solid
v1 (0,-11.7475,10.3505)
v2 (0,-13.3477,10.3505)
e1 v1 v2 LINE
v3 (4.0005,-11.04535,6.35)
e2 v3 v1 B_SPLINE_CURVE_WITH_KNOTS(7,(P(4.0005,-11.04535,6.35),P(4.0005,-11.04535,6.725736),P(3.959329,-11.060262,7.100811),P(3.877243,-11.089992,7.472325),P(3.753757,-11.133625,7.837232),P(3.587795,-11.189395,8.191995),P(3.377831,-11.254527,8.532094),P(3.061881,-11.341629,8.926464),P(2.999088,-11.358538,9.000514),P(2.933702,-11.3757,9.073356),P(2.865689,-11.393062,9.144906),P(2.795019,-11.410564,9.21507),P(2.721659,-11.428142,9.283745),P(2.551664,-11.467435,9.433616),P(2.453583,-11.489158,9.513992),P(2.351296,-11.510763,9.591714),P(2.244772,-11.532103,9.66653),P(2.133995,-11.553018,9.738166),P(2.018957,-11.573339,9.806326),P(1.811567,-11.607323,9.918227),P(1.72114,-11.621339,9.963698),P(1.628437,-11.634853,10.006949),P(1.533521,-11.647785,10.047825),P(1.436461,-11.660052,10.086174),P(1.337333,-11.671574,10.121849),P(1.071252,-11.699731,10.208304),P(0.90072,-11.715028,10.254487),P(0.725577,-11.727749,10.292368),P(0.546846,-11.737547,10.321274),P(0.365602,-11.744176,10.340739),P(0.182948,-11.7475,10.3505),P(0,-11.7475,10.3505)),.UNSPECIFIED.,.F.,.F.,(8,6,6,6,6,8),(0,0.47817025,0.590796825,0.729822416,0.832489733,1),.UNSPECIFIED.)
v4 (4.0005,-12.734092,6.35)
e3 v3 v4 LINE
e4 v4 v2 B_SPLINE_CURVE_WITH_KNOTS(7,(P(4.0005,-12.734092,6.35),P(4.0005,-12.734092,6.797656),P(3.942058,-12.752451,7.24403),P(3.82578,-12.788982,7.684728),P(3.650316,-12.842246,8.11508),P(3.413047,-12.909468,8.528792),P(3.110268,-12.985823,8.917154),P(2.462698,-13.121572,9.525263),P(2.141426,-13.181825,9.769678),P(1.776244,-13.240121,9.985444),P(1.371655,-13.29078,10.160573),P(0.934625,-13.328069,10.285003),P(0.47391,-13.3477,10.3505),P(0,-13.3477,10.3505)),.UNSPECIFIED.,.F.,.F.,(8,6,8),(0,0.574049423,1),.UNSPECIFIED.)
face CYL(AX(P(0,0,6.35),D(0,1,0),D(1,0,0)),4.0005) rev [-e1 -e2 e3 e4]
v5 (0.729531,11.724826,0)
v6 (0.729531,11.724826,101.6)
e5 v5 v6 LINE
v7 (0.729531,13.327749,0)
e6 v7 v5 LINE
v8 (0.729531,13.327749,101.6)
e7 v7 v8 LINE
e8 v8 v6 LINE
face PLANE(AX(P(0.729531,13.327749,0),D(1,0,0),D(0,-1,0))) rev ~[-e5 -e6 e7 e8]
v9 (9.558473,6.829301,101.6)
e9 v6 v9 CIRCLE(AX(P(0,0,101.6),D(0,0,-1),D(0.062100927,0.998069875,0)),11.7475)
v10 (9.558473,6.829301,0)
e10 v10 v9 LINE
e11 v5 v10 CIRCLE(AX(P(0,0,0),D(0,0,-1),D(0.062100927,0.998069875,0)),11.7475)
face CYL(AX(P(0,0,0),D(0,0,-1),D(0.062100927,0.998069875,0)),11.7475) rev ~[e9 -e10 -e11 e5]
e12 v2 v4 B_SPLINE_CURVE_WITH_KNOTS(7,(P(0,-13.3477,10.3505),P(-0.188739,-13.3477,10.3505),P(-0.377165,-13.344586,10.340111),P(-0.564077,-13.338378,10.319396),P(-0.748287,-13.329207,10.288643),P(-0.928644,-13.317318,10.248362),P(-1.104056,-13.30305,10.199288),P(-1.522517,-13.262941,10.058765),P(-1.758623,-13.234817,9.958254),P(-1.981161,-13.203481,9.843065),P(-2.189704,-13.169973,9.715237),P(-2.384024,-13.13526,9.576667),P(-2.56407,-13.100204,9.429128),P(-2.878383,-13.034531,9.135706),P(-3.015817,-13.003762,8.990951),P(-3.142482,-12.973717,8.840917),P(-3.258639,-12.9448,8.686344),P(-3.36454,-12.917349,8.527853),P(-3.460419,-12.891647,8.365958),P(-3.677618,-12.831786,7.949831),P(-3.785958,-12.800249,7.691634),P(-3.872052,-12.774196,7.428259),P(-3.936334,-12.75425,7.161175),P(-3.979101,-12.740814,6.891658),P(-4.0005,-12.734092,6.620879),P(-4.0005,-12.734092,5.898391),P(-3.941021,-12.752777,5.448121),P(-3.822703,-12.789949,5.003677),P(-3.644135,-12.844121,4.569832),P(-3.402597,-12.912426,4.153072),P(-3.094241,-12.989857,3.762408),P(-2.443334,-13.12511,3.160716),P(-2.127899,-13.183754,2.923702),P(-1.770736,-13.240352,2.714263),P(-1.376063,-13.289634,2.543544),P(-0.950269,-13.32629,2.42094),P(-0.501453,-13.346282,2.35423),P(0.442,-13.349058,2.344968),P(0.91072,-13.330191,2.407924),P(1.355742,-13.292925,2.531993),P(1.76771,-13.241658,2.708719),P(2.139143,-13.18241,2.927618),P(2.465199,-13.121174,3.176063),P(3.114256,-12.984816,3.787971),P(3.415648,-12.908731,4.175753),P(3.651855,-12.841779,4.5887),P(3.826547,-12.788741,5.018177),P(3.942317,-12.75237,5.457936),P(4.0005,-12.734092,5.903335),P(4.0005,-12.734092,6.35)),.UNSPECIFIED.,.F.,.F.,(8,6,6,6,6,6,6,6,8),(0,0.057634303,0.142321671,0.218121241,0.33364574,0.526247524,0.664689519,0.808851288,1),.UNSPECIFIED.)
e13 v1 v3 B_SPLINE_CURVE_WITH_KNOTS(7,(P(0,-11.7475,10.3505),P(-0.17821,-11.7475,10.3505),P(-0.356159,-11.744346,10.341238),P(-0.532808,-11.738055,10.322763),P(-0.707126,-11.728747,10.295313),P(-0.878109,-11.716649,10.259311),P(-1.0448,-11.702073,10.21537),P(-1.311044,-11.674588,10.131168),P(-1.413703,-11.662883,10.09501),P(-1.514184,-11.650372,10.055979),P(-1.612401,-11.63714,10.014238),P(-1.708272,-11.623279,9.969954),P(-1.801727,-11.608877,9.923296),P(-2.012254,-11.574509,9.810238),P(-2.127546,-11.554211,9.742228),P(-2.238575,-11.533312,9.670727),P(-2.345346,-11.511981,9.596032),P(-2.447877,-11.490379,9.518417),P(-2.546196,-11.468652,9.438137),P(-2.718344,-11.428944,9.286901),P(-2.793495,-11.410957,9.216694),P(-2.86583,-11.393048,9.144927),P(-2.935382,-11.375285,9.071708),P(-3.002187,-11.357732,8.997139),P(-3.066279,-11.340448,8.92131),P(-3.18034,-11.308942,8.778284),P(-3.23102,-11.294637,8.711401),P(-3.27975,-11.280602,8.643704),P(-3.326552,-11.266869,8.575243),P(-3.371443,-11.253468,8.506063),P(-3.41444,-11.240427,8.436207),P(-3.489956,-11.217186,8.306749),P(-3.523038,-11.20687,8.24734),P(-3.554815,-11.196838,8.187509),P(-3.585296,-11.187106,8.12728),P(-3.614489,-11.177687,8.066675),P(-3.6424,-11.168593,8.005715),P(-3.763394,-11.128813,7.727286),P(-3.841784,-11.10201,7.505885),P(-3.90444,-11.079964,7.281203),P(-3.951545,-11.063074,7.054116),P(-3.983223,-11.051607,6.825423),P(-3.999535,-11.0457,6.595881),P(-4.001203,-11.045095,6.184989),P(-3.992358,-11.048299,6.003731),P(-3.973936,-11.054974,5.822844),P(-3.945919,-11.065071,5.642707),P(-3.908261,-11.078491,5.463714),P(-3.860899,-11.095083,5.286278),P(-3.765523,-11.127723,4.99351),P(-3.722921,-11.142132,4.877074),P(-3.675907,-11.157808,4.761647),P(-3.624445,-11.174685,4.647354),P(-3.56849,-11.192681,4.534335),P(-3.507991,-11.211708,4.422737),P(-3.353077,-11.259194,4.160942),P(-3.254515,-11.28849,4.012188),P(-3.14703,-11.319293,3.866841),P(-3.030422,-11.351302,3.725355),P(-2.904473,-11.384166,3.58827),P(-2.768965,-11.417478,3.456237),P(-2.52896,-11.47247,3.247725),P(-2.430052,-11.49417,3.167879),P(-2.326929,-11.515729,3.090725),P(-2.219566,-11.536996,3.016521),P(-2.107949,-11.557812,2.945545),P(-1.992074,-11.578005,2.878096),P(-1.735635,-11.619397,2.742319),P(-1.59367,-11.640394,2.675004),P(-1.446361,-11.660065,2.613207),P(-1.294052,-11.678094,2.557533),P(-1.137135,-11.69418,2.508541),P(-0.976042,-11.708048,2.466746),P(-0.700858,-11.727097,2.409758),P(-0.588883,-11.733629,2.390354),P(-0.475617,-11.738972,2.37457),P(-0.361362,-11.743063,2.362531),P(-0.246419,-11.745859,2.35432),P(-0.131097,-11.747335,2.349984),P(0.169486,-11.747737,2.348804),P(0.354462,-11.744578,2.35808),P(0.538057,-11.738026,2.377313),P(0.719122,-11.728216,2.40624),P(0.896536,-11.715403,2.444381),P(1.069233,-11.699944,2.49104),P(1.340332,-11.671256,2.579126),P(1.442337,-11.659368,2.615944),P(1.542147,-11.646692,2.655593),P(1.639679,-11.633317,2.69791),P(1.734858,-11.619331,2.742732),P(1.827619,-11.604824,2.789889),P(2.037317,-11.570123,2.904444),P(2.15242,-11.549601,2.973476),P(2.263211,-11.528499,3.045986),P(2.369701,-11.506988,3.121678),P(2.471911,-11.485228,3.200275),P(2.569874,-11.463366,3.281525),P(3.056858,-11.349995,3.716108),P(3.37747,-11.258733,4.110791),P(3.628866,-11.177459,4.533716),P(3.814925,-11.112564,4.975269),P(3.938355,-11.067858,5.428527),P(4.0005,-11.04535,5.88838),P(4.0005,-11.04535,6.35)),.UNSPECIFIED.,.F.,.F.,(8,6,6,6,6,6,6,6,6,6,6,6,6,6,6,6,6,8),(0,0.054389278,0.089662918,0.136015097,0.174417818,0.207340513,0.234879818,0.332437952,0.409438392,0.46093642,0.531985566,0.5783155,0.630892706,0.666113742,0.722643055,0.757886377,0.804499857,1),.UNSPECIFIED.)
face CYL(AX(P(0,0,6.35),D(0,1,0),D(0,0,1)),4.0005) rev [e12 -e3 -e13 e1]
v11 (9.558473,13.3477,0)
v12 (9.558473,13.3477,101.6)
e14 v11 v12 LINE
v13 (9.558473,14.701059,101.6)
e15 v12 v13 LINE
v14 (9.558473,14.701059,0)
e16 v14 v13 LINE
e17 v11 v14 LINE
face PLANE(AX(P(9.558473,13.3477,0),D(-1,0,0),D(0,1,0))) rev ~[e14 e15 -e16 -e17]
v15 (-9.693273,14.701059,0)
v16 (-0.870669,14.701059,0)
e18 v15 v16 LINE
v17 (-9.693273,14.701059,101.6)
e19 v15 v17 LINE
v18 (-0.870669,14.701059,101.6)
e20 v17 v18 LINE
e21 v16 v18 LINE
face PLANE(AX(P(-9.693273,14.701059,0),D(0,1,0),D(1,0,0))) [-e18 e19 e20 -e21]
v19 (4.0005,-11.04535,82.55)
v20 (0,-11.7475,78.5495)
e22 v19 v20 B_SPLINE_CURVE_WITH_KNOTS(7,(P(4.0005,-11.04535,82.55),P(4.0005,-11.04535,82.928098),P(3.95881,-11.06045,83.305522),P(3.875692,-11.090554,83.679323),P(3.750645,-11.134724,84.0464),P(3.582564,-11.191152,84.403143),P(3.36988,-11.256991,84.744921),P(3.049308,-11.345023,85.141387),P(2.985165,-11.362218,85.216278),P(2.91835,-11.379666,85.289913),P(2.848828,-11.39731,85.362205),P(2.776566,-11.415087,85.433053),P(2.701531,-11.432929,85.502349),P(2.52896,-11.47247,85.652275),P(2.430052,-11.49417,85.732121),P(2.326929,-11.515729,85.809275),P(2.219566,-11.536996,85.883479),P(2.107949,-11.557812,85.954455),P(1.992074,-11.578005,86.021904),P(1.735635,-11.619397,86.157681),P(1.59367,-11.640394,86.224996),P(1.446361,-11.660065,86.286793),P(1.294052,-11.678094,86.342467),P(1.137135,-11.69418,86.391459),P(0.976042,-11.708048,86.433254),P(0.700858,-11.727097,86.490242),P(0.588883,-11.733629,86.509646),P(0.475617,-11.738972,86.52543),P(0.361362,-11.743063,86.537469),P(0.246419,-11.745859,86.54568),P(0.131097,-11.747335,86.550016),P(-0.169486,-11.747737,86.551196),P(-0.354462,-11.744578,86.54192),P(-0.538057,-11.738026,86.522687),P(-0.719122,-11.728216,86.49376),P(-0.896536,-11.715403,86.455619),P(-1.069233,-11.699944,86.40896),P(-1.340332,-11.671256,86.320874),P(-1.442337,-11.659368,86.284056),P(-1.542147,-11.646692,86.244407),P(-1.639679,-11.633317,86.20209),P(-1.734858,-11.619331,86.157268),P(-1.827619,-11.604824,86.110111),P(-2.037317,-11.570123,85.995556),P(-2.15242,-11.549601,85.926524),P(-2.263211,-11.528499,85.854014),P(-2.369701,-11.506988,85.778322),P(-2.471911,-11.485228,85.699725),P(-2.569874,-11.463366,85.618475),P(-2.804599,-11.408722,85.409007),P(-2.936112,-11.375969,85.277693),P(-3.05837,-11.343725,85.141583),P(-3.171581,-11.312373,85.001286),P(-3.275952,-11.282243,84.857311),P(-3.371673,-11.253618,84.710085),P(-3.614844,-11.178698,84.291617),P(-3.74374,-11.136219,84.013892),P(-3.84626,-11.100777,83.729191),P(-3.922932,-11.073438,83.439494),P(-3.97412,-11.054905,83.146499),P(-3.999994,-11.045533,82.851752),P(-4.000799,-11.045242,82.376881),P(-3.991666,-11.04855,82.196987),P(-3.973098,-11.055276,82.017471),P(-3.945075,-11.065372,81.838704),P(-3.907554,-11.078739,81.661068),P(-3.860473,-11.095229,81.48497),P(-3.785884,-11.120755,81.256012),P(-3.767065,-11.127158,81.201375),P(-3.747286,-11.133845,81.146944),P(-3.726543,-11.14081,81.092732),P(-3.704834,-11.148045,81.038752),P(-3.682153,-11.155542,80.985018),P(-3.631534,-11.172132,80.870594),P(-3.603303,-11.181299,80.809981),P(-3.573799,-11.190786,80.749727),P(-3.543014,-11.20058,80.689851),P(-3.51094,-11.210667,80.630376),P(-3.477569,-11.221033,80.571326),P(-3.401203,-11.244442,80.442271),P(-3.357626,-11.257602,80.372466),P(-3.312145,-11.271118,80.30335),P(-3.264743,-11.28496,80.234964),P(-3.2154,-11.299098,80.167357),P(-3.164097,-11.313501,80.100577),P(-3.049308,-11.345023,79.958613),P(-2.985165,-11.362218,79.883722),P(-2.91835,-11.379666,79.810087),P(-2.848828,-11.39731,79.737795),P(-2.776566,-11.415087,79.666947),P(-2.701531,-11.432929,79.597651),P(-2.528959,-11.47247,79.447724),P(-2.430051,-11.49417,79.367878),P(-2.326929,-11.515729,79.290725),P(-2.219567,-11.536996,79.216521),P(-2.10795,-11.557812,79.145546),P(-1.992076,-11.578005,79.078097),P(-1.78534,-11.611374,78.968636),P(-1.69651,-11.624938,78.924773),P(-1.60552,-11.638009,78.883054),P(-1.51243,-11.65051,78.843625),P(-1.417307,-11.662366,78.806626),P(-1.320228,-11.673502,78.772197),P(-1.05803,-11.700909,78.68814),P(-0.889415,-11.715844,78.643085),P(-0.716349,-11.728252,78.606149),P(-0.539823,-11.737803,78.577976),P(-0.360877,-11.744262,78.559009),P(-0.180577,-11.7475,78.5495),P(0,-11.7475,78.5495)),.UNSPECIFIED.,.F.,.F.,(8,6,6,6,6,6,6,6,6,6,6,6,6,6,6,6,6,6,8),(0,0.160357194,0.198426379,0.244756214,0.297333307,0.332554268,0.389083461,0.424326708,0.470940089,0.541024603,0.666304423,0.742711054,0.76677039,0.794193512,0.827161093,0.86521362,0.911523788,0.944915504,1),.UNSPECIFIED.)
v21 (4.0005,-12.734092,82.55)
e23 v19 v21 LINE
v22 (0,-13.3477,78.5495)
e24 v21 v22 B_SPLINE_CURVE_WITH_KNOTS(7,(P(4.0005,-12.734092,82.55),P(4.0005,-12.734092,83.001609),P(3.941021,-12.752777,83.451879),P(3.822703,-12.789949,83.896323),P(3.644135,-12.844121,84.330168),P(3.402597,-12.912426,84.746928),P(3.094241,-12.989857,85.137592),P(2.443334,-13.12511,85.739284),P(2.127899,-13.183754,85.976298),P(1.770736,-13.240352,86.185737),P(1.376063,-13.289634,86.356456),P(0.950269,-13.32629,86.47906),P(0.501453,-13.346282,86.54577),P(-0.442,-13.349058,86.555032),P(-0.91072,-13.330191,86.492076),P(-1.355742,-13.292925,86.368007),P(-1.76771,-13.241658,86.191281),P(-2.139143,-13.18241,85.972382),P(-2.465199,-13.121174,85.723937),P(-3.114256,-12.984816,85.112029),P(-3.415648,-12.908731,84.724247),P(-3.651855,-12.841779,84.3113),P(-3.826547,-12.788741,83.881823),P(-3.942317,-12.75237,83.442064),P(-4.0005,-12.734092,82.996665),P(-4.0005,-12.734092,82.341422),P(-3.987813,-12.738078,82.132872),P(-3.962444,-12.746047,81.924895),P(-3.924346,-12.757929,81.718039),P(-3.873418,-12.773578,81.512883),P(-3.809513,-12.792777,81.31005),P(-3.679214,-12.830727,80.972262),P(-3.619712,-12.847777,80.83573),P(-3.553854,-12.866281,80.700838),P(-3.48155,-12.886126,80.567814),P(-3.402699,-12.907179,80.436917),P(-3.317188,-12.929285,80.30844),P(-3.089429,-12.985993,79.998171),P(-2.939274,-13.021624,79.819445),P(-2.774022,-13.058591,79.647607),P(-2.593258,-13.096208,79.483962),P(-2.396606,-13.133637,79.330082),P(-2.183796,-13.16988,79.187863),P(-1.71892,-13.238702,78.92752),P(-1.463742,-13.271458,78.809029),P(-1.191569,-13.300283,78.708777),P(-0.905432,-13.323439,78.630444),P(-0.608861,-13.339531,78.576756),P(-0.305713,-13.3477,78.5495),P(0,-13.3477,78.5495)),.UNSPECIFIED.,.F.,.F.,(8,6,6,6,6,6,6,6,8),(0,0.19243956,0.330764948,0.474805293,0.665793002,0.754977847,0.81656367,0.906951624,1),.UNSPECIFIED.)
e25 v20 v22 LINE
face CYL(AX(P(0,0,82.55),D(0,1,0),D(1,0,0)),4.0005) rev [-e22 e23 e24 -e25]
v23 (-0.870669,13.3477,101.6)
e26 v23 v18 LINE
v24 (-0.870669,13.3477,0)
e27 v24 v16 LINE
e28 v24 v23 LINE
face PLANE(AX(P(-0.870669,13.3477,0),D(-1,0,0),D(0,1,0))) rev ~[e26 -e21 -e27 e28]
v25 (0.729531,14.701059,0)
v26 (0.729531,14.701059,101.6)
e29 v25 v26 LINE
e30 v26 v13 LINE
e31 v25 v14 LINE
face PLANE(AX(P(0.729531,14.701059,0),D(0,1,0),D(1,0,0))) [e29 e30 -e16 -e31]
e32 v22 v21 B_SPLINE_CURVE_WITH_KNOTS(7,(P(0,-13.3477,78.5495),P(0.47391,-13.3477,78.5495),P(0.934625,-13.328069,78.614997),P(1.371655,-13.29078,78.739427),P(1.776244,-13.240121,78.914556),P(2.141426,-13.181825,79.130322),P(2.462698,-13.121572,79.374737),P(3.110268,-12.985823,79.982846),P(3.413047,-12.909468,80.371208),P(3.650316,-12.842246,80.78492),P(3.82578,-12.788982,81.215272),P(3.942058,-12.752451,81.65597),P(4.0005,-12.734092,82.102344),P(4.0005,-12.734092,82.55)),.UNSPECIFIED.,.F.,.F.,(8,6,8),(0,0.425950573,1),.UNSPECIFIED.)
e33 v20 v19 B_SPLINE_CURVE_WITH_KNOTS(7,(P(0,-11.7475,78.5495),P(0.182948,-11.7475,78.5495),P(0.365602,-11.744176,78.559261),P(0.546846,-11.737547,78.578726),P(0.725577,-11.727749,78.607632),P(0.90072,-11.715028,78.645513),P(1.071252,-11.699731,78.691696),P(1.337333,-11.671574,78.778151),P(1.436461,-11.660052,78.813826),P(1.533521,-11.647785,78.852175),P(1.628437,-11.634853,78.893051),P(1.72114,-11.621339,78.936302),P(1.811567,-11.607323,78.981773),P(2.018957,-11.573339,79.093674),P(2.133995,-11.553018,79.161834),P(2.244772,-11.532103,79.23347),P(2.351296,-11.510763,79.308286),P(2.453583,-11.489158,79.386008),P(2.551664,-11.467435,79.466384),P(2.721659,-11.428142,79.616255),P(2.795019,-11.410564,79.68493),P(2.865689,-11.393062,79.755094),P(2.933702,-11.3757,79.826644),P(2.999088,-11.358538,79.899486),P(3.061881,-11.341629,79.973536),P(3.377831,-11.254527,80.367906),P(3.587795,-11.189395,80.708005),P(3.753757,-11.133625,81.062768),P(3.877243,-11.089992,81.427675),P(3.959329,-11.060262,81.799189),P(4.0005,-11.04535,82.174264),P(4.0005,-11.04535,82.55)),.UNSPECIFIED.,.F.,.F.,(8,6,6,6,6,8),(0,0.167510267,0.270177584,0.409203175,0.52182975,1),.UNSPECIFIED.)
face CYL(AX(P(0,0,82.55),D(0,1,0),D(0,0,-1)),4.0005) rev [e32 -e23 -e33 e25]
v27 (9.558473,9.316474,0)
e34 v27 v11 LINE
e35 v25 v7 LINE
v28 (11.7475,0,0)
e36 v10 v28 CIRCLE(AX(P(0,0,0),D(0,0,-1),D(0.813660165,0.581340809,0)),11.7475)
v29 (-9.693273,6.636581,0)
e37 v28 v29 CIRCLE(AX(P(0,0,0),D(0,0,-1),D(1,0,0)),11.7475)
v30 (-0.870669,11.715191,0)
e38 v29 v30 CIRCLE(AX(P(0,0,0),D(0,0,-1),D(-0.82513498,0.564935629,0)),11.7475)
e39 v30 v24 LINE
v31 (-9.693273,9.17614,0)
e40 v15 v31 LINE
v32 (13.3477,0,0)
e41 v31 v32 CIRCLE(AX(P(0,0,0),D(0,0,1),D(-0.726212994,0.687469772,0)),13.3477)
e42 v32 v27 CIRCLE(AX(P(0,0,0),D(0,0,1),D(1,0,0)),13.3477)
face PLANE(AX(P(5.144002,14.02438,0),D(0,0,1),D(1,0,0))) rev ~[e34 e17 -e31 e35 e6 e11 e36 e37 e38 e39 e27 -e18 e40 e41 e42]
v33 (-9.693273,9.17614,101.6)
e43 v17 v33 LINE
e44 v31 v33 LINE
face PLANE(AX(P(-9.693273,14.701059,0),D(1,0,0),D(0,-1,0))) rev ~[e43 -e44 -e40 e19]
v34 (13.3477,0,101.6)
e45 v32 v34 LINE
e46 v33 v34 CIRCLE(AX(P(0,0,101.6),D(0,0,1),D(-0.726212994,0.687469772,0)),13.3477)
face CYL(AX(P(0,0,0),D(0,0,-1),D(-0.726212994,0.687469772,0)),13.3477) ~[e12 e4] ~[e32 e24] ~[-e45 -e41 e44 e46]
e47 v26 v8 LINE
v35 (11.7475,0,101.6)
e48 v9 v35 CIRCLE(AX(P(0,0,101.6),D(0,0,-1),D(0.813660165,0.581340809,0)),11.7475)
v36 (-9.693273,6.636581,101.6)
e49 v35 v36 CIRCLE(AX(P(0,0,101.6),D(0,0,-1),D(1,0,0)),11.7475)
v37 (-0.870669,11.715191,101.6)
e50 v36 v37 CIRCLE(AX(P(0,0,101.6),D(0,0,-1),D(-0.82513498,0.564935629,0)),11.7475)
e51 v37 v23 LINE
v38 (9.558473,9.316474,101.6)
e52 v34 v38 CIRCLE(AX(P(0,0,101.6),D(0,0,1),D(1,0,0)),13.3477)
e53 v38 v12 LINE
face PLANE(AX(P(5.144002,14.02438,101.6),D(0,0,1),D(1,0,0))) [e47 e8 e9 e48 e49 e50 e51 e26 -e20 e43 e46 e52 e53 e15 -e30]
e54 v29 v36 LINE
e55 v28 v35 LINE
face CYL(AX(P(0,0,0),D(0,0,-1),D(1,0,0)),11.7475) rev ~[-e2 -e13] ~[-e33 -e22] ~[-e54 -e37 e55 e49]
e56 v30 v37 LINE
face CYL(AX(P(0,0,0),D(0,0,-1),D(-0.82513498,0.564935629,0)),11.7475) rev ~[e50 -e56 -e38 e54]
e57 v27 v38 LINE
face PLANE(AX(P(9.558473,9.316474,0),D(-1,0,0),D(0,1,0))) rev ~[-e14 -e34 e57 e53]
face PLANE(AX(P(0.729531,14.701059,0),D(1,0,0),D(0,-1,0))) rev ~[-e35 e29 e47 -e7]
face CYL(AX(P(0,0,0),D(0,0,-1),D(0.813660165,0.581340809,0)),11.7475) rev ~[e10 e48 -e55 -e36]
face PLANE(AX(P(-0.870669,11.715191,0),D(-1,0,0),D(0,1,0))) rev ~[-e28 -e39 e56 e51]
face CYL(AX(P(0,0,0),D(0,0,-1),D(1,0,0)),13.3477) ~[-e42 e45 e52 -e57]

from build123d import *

# Parameters (mm, degrees)
F0_W     = 8.8289421401
F0_H     = 1.353359101
F0_W_2   = 8.8226038183
F1_DEPTH = 101.6
F3_DEPTH = 25.4


with BuildPart() as f1:
    # F0 (on Top) → F1 (new body)
    with BuildSketch(Plane.XY):
        with Locations((5.1440017123, 14.0243795505)):
            Rectangle(F0_W, F0_H)
        with Locations((-5.2819712669, 14.0243795505)):
            Rectangle(F0_W_2, F0_H)
        with BuildLine():
            Line((-9.693273176, 13.3477), (-9.693273176, 9.1761402793))
            ThreePointArc((-9.693273176, 9.1761402793), (-5.67367671, 12.0818246917), (-0.8706693577, 13.319272884))
            Line((-0.8706693577, 13.319272884), (-0.8706693577, 13.3477))
            Line((-0.8706693577, 13.3477), (-9.693273176, 13.3477))
        make_face()
        with BuildLine():
            Line((-9.693273176, 9.1761402793), (-9.693273176, 6.6365813025))
            ThreePointArc((-9.693273176, 6.6365813025), (-5.8606559871, 10.1811820361), (-0.8706693577, 11.7151906139))
            Line((-0.8706693577, 11.7151906139), (-0.8706693577, 13.319272884))
            ThreePointArc((-0.8706693577, 13.319272884), (-5.67367671, 12.0818246917), (-9.693273176, 9.1761402793))
        make_face()
        with BuildLine():
            ThreePointArc((0.7295306423, 13.3277485095), (5.5211714169, 12.152273922), (9.5584727824, 9.3164742987))
            Line((9.5584727824, 9.3164742987), (9.5584727824, 13.3477))
            Line((9.5584727824, 13.3477), (0.7295306423, 13.3477))
            Line((0.7295306423, 13.3477), (0.7295306423, 13.3277485095))
        make_face()
        with BuildLine():
            ThreePointArc((0.7295306423, 11.7248258534), (5.6966915069, 10.2738241237), (9.5584727824, 6.8293011589))
            Line((9.5584727824, 6.8293011589), (9.5584727824, 9.3164742987))
            ThreePointArc((9.5584727824, 9.3164742987), (5.5211714169, 12.152273922), (0.7295306423, 13.3277485095))
            Line((0.7295306423, 13.3277485095), (0.7295306423, 11.7248258534))
        make_face()
        with BuildLine():
            ThreePointArc((11.7475, 0), (-3.4736169632, -11.2221986011), (-9.693273176, 6.6365813025))
            Line((-9.693273176, 6.6365813025), (-9.693273176, 9.1761402793))
            ThreePointArc((-9.693273176, 9.1761402793), (-4.9385318121, -12.4004838144), (13.3477, 0))
            ThreePointArc((13.3477, 0), (12.3641563086, 5.0287905172), (9.5584727824, 9.3164742987))
            Line((9.5584727824, 9.3164742987), (9.5584727824, 6.8293011589))
            ThreePointArc((9.5584727824, 6.8293011589), (11.1868654068, 3.5857772685), (11.7475, 0))
        make_face()
    extrude(amount=F1_DEPTH)


with BuildPart() as f3:
    # F2 (on Front) → F3 (new body)
    with BuildSketch(Plane.XZ):
        with BuildLine():
            ThreePointArc((4.0005, 82.55), (-2.8287806781, 85.3787806781), (0, 78.5495))
            ThreePointArc((0, 78.5495), (2.8287806781, 79.7212193219), (4.0005, 82.55))
        make_face()
    extrude(amount=F3_DEPTH)


with BuildPart() as f3b:
    # F2 (on Front) → F3, piece 2 (new body)
    with BuildSketch(Plane.XZ):
        with BuildLine():
            ThreePointArc((0, 10.3505), (-2.8287806781, 3.5212193219), (4.0005, 6.35))
            ThreePointArc((4.0005, 6.35), (2.8287806781, 9.1787806781), (0, 10.3505))
        make_face()
    extrude(amount=F3_DEPTH)


with BuildPart() as f1_1:
    add(f1.part)

    # F4: cut F3, F3b
    add(f3.part, mode=Mode.SUBTRACT)
    add(f3b.part, mode=Mode.SUBTRACT)


solid = f1_1.part
